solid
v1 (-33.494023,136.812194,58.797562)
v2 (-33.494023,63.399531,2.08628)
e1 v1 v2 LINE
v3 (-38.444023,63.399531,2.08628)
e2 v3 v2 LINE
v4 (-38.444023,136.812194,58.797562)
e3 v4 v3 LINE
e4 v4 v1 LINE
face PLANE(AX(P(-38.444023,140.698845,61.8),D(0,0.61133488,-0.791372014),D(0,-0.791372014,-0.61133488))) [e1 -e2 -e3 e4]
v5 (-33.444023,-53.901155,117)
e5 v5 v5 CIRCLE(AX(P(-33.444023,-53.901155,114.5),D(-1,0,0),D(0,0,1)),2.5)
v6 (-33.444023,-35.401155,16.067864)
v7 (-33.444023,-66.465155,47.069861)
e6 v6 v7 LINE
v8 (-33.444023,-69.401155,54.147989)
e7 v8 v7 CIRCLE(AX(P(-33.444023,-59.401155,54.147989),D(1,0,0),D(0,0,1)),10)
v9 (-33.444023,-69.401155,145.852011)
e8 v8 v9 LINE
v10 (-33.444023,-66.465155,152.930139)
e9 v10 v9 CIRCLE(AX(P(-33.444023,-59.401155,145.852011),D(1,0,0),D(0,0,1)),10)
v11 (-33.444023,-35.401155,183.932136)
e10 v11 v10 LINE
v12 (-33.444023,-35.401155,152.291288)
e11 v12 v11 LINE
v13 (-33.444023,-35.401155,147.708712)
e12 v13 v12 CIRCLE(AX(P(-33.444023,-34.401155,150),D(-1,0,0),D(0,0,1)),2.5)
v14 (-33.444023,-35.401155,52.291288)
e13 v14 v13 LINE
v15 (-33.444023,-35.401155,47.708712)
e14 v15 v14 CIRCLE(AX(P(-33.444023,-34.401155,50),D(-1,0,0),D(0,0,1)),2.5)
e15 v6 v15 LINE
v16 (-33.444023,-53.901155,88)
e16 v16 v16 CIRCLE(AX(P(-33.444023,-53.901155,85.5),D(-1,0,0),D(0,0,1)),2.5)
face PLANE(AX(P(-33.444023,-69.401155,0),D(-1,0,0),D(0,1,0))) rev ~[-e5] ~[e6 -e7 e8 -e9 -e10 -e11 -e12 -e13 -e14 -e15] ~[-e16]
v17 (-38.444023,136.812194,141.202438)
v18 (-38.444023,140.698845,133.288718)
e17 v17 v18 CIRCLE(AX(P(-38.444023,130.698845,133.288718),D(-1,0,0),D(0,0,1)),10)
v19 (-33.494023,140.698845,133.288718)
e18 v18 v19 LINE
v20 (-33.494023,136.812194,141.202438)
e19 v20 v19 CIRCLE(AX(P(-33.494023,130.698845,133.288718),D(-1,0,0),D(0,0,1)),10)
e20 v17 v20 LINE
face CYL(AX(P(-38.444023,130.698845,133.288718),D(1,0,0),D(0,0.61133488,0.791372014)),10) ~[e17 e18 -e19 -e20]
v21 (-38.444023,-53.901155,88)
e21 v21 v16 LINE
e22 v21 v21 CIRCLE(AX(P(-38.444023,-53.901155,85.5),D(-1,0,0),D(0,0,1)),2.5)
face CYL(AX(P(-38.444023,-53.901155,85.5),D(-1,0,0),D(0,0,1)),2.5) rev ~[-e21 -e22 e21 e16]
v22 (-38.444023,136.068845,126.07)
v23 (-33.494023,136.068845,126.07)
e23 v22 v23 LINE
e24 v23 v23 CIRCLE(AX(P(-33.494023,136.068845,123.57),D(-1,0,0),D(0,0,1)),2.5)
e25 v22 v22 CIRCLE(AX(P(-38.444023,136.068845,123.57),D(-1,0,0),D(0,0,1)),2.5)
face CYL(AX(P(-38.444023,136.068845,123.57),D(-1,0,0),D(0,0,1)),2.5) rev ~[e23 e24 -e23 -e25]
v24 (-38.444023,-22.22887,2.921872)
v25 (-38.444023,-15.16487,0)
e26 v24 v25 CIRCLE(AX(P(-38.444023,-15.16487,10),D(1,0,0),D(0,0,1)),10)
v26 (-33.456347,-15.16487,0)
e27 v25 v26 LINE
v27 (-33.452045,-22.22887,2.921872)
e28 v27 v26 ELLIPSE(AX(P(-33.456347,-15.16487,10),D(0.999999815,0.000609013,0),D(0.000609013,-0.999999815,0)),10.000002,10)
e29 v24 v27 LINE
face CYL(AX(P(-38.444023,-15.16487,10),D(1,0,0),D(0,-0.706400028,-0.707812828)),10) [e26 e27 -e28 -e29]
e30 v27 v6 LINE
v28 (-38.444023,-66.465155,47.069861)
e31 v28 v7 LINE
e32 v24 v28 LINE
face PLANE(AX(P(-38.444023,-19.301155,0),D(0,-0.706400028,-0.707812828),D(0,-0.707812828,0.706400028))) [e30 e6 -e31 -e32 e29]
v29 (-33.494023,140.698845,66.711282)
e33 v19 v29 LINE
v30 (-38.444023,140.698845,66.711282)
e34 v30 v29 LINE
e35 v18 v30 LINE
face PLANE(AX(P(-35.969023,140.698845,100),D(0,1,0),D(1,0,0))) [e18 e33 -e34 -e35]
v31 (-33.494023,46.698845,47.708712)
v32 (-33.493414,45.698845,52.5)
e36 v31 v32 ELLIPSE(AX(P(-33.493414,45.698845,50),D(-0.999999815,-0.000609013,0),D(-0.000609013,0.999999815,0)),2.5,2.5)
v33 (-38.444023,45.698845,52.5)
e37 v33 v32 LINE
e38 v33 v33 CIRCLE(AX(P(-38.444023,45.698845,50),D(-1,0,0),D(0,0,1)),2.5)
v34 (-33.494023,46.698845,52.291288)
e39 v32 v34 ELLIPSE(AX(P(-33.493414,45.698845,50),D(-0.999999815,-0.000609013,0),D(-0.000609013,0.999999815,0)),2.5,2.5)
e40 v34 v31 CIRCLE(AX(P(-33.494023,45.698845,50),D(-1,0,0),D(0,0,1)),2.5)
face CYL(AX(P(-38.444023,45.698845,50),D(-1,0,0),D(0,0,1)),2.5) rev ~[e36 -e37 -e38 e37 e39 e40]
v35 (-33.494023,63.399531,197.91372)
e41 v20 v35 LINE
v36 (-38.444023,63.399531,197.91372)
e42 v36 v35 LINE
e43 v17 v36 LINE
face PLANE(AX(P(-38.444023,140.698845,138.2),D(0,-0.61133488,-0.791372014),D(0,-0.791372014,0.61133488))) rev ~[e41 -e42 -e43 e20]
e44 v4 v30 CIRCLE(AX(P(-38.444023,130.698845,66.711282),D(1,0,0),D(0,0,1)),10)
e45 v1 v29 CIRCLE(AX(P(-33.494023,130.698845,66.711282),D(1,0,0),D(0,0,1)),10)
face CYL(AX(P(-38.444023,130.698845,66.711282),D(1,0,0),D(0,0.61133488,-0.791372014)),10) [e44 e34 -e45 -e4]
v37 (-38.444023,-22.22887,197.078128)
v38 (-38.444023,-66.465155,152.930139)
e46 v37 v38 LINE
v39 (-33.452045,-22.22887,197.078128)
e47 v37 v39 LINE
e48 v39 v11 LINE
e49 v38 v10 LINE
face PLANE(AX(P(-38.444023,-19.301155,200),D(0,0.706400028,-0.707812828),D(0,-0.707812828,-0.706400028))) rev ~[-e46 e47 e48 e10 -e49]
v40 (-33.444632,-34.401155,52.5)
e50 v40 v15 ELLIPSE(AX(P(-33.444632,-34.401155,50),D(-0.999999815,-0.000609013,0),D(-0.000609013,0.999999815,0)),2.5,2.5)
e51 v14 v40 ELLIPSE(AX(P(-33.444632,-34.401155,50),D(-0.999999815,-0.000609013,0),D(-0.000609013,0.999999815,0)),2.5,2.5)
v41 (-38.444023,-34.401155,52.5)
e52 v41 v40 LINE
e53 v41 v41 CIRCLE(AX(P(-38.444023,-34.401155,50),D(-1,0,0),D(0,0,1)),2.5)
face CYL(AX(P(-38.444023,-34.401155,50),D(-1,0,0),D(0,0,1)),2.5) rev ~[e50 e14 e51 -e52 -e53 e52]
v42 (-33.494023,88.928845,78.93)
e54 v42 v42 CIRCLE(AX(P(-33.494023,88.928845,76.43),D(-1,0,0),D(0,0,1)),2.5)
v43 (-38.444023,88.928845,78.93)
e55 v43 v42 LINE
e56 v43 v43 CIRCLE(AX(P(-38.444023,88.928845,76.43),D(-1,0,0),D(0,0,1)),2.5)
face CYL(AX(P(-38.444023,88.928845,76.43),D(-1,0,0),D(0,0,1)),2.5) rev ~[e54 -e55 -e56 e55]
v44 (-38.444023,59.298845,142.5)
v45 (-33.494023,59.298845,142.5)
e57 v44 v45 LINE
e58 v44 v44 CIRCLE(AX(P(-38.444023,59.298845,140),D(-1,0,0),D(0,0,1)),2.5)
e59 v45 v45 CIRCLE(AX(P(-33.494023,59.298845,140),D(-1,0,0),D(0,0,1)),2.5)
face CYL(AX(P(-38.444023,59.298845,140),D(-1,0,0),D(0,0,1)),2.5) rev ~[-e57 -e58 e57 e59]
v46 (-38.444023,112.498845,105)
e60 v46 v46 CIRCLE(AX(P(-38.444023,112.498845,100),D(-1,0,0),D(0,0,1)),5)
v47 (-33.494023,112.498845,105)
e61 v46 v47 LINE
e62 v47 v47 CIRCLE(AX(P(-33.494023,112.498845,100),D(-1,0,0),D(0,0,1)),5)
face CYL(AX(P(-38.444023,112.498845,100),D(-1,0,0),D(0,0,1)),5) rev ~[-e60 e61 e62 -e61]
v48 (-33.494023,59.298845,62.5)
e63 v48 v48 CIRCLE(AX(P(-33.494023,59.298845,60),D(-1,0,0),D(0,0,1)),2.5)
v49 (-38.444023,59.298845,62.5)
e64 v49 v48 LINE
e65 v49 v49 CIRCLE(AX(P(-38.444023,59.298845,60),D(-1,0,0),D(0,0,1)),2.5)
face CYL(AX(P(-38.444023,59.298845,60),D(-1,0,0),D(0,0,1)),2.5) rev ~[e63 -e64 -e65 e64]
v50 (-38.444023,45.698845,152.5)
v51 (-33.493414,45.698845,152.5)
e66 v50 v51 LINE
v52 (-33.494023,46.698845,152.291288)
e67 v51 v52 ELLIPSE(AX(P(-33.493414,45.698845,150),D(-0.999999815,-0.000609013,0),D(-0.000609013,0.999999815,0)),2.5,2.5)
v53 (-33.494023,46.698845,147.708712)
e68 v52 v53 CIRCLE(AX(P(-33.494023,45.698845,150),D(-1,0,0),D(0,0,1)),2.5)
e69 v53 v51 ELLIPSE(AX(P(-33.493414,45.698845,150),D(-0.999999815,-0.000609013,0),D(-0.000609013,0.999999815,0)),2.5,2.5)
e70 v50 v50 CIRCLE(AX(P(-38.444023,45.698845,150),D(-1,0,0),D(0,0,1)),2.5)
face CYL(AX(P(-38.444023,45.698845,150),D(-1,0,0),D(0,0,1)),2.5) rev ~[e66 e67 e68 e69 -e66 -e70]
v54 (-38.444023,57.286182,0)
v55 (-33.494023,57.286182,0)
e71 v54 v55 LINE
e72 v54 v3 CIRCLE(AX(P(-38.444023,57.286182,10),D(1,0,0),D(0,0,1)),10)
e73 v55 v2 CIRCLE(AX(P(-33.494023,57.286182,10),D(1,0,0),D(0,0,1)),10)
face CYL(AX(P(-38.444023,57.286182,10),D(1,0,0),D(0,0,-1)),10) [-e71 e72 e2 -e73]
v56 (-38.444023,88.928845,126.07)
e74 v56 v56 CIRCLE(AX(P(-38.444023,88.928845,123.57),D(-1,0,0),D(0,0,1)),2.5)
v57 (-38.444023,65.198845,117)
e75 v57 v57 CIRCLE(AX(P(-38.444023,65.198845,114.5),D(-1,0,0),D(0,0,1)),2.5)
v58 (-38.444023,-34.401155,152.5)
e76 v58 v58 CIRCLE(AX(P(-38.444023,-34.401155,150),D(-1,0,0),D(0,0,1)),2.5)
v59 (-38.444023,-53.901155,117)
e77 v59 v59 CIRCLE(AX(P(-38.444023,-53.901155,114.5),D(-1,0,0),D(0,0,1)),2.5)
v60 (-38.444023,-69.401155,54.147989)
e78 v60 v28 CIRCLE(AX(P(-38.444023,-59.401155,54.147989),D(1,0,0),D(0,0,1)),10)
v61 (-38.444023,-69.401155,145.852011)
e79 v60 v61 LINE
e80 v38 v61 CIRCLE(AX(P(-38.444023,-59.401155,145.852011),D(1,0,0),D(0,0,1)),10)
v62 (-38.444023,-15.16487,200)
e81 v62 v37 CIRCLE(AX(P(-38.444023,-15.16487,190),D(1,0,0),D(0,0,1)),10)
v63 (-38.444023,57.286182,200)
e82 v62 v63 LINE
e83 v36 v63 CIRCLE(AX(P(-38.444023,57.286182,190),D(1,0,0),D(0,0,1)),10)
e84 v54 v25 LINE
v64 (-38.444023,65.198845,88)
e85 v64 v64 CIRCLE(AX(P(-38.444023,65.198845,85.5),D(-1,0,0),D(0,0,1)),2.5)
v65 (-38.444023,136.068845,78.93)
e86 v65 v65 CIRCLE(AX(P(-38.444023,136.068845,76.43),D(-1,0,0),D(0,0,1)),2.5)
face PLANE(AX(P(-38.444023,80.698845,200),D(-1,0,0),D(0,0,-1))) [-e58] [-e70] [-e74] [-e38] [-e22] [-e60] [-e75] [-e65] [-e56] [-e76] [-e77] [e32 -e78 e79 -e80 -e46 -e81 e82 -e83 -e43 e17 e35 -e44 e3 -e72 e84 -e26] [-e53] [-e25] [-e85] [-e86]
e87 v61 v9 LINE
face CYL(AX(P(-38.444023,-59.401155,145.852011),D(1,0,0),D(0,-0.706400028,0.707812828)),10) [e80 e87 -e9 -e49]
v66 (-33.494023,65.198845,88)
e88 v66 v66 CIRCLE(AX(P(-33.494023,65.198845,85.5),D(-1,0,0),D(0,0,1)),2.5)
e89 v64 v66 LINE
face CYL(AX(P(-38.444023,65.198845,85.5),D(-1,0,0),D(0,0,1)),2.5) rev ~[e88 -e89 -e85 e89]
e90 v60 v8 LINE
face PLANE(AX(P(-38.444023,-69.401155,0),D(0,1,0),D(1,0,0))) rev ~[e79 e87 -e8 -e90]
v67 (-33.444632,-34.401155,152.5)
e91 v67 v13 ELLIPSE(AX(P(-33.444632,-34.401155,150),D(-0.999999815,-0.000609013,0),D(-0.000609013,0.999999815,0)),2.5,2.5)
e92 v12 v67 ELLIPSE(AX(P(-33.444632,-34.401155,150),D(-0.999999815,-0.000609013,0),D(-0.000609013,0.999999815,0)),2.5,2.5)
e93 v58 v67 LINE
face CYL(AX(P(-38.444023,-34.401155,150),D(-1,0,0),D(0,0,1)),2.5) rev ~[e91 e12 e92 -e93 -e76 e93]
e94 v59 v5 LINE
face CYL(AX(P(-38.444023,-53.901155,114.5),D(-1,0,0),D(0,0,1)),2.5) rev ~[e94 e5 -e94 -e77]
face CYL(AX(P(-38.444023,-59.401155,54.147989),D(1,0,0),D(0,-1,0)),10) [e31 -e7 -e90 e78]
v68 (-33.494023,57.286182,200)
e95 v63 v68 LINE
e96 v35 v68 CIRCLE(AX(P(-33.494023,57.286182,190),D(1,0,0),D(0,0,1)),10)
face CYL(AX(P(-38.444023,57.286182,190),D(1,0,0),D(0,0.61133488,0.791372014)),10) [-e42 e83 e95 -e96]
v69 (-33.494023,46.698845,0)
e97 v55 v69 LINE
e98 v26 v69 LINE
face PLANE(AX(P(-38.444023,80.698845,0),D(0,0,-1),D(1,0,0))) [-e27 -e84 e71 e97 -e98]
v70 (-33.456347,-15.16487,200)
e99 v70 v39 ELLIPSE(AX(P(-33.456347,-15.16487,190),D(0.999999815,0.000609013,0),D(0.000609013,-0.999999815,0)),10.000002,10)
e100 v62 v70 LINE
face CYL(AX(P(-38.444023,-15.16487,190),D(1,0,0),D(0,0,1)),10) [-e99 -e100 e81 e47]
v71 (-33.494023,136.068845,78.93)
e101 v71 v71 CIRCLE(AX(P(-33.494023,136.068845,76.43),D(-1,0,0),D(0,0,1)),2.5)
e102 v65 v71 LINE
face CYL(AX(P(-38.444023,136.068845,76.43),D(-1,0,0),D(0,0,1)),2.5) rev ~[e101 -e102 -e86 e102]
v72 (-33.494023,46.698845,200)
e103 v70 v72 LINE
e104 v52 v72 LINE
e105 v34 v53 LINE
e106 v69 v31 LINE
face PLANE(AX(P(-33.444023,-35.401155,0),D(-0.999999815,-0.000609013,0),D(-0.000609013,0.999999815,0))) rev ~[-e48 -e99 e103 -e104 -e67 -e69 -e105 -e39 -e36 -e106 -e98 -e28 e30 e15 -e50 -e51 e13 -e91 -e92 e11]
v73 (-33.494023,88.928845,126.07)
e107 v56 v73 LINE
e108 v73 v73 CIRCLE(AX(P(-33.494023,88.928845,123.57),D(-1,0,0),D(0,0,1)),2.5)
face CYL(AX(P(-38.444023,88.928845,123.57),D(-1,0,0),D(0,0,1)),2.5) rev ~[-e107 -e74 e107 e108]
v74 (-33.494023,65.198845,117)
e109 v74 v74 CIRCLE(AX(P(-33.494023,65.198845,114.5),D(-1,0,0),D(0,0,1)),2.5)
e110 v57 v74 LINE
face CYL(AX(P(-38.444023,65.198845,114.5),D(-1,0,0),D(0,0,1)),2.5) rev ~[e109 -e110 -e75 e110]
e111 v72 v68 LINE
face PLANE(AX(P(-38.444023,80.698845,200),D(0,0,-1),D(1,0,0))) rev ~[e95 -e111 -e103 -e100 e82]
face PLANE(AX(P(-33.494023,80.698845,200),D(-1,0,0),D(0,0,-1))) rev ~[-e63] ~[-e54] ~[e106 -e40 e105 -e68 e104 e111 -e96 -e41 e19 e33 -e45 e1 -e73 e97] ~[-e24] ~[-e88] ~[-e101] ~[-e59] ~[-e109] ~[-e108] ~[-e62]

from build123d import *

# Parameters (mm, degrees)
SALIENTE_EXTRUIR1_DEPTH = 200
CROQUIS2_R              = 2.5
CORTAR_EXTRUIR1_DEPTH   = 100
CROQUIS3_W              = 4.95
CROQUIS3_H              = 200
SALIENTE_EXTRUIR2_DEPTH = 60
CROQUIS4_R              = 2.5
CROQUIS4_R_2            = 5
CORTAR_EXTRUIR2_DEPTH   = 60
REDONDEO1_R             = 10


with BuildPart() as part:
    # Croquis1 → Saliente-Extruir1 (new body)
    with BuildSketch(Plane.XY):
        Polygon((-38.444023, 46.698845), (-38.444023, -35.401155), (-38.444023, -69.401155), (-33.444023, -69.401155), (-33.444023, -35.401155), (-33.494023, 46.698845), (-33.494023, 80.698845), (-38.444023, 80.698845), align=None)
    extrude(amount=SALIENTE_EXTRUIR1_DEPTH)

    # Croquis2 → Cortar-Extruir1 (cut)
    with BuildSketch(Plane.ZY.offset(38.444023)):
        with Locations((85.5, 65.198845)):
            Circle(CROQUIS2_R)
        with Locations((114.5, 65.198845)):
            Circle(CROQUIS2_R)
        with Locations((50, 45.698845)):
            Circle(CROQUIS2_R)
        with Locations((150, 45.698845)):
            Circle(CROQUIS2_R)
        with Locations((150, -34.401155)):
            Circle(CROQUIS2_R)
        with Locations((114.5, -53.901155)):
            Circle(CROQUIS2_R)
        with Locations((85.5, -53.901155)):
            Circle(CROQUIS2_R)
        with Locations((50, -34.401155)):
            Circle(CROQUIS2_R)
    extrude(amount=-CORTAR_EXTRUIR1_DEPTH, mode=Mode.SUBTRACT)

    # Croquis3 → Saliente-Extruir2 (add)
    with BuildSketch(Plane(origin=(0, 80.698845, 0), x_dir=(1, 0, 0), z_dir=(0, 1, 0))):
        with Locations((-35.969023, -100)):
            Rectangle(CROQUIS3_W, CROQUIS3_H)
    extrude(amount=SALIENTE_EXTRUIR2_DEPTH)

    # Croquis4 → Cortar-Extruir2 (cut)
    with BuildSketch(Plane.ZY.offset(38.444023)):
        with Locations((76.43, 136.068845)):
            Circle(CROQUIS4_R)
        with Locations((123.57, 136.068845)):
            Circle(CROQUIS4_R)
        with Locations((76.43, 88.928845)):
            Circle(CROQUIS4_R)
        with Locations((123.57, 88.928845)):
            Circle(CROQUIS4_R)
        with Locations((100, 112.498845)):
            Circle(CROQUIS4_R_2)
        with Locations((60, 59.298845)):
            Circle(CROQUIS4_R)
        with Locations((140, 59.298845)):
            Circle(CROQUIS4_R)
        Polygon((61.8, 140.698845), (0, 60.698845), (0, 140.698845), align=None)
        Polygon((0, -19.301155), (50, -69.401155), (0, -69.401155), align=None)
        Polygon((200, -19.301155), (150, -69.401155), (200, -69.401155), align=None)
        Polygon((138.2, 140.698845), (200, 60.698845), (200, 140.698845), align=None)
    extrude(amount=-CORTAR_EXTRUIR2_DEPTH, mode=Mode.SUBTRACT)

    # Redondeo1
    redondeo1_edges = [part.edges().sort_by_distance(p)[0] for p in [
        (-35.969023, 60.698845, 0),
        (-35.944023, -69.401155, 50),
        (-35.944023, -69.401155, 150),
        (-35.969023, 60.698845, 200),
        (-35.969023, 140.698845, 138.2),
        (-35.969023, 140.698845, 61.8),
        (-35.948925, -19.301155, 0),
        (-35.948925, -19.301155, 200),
    ]]
    fillet(redondeo1_edges, radius=REDONDEO1_R)


solid = part.part
